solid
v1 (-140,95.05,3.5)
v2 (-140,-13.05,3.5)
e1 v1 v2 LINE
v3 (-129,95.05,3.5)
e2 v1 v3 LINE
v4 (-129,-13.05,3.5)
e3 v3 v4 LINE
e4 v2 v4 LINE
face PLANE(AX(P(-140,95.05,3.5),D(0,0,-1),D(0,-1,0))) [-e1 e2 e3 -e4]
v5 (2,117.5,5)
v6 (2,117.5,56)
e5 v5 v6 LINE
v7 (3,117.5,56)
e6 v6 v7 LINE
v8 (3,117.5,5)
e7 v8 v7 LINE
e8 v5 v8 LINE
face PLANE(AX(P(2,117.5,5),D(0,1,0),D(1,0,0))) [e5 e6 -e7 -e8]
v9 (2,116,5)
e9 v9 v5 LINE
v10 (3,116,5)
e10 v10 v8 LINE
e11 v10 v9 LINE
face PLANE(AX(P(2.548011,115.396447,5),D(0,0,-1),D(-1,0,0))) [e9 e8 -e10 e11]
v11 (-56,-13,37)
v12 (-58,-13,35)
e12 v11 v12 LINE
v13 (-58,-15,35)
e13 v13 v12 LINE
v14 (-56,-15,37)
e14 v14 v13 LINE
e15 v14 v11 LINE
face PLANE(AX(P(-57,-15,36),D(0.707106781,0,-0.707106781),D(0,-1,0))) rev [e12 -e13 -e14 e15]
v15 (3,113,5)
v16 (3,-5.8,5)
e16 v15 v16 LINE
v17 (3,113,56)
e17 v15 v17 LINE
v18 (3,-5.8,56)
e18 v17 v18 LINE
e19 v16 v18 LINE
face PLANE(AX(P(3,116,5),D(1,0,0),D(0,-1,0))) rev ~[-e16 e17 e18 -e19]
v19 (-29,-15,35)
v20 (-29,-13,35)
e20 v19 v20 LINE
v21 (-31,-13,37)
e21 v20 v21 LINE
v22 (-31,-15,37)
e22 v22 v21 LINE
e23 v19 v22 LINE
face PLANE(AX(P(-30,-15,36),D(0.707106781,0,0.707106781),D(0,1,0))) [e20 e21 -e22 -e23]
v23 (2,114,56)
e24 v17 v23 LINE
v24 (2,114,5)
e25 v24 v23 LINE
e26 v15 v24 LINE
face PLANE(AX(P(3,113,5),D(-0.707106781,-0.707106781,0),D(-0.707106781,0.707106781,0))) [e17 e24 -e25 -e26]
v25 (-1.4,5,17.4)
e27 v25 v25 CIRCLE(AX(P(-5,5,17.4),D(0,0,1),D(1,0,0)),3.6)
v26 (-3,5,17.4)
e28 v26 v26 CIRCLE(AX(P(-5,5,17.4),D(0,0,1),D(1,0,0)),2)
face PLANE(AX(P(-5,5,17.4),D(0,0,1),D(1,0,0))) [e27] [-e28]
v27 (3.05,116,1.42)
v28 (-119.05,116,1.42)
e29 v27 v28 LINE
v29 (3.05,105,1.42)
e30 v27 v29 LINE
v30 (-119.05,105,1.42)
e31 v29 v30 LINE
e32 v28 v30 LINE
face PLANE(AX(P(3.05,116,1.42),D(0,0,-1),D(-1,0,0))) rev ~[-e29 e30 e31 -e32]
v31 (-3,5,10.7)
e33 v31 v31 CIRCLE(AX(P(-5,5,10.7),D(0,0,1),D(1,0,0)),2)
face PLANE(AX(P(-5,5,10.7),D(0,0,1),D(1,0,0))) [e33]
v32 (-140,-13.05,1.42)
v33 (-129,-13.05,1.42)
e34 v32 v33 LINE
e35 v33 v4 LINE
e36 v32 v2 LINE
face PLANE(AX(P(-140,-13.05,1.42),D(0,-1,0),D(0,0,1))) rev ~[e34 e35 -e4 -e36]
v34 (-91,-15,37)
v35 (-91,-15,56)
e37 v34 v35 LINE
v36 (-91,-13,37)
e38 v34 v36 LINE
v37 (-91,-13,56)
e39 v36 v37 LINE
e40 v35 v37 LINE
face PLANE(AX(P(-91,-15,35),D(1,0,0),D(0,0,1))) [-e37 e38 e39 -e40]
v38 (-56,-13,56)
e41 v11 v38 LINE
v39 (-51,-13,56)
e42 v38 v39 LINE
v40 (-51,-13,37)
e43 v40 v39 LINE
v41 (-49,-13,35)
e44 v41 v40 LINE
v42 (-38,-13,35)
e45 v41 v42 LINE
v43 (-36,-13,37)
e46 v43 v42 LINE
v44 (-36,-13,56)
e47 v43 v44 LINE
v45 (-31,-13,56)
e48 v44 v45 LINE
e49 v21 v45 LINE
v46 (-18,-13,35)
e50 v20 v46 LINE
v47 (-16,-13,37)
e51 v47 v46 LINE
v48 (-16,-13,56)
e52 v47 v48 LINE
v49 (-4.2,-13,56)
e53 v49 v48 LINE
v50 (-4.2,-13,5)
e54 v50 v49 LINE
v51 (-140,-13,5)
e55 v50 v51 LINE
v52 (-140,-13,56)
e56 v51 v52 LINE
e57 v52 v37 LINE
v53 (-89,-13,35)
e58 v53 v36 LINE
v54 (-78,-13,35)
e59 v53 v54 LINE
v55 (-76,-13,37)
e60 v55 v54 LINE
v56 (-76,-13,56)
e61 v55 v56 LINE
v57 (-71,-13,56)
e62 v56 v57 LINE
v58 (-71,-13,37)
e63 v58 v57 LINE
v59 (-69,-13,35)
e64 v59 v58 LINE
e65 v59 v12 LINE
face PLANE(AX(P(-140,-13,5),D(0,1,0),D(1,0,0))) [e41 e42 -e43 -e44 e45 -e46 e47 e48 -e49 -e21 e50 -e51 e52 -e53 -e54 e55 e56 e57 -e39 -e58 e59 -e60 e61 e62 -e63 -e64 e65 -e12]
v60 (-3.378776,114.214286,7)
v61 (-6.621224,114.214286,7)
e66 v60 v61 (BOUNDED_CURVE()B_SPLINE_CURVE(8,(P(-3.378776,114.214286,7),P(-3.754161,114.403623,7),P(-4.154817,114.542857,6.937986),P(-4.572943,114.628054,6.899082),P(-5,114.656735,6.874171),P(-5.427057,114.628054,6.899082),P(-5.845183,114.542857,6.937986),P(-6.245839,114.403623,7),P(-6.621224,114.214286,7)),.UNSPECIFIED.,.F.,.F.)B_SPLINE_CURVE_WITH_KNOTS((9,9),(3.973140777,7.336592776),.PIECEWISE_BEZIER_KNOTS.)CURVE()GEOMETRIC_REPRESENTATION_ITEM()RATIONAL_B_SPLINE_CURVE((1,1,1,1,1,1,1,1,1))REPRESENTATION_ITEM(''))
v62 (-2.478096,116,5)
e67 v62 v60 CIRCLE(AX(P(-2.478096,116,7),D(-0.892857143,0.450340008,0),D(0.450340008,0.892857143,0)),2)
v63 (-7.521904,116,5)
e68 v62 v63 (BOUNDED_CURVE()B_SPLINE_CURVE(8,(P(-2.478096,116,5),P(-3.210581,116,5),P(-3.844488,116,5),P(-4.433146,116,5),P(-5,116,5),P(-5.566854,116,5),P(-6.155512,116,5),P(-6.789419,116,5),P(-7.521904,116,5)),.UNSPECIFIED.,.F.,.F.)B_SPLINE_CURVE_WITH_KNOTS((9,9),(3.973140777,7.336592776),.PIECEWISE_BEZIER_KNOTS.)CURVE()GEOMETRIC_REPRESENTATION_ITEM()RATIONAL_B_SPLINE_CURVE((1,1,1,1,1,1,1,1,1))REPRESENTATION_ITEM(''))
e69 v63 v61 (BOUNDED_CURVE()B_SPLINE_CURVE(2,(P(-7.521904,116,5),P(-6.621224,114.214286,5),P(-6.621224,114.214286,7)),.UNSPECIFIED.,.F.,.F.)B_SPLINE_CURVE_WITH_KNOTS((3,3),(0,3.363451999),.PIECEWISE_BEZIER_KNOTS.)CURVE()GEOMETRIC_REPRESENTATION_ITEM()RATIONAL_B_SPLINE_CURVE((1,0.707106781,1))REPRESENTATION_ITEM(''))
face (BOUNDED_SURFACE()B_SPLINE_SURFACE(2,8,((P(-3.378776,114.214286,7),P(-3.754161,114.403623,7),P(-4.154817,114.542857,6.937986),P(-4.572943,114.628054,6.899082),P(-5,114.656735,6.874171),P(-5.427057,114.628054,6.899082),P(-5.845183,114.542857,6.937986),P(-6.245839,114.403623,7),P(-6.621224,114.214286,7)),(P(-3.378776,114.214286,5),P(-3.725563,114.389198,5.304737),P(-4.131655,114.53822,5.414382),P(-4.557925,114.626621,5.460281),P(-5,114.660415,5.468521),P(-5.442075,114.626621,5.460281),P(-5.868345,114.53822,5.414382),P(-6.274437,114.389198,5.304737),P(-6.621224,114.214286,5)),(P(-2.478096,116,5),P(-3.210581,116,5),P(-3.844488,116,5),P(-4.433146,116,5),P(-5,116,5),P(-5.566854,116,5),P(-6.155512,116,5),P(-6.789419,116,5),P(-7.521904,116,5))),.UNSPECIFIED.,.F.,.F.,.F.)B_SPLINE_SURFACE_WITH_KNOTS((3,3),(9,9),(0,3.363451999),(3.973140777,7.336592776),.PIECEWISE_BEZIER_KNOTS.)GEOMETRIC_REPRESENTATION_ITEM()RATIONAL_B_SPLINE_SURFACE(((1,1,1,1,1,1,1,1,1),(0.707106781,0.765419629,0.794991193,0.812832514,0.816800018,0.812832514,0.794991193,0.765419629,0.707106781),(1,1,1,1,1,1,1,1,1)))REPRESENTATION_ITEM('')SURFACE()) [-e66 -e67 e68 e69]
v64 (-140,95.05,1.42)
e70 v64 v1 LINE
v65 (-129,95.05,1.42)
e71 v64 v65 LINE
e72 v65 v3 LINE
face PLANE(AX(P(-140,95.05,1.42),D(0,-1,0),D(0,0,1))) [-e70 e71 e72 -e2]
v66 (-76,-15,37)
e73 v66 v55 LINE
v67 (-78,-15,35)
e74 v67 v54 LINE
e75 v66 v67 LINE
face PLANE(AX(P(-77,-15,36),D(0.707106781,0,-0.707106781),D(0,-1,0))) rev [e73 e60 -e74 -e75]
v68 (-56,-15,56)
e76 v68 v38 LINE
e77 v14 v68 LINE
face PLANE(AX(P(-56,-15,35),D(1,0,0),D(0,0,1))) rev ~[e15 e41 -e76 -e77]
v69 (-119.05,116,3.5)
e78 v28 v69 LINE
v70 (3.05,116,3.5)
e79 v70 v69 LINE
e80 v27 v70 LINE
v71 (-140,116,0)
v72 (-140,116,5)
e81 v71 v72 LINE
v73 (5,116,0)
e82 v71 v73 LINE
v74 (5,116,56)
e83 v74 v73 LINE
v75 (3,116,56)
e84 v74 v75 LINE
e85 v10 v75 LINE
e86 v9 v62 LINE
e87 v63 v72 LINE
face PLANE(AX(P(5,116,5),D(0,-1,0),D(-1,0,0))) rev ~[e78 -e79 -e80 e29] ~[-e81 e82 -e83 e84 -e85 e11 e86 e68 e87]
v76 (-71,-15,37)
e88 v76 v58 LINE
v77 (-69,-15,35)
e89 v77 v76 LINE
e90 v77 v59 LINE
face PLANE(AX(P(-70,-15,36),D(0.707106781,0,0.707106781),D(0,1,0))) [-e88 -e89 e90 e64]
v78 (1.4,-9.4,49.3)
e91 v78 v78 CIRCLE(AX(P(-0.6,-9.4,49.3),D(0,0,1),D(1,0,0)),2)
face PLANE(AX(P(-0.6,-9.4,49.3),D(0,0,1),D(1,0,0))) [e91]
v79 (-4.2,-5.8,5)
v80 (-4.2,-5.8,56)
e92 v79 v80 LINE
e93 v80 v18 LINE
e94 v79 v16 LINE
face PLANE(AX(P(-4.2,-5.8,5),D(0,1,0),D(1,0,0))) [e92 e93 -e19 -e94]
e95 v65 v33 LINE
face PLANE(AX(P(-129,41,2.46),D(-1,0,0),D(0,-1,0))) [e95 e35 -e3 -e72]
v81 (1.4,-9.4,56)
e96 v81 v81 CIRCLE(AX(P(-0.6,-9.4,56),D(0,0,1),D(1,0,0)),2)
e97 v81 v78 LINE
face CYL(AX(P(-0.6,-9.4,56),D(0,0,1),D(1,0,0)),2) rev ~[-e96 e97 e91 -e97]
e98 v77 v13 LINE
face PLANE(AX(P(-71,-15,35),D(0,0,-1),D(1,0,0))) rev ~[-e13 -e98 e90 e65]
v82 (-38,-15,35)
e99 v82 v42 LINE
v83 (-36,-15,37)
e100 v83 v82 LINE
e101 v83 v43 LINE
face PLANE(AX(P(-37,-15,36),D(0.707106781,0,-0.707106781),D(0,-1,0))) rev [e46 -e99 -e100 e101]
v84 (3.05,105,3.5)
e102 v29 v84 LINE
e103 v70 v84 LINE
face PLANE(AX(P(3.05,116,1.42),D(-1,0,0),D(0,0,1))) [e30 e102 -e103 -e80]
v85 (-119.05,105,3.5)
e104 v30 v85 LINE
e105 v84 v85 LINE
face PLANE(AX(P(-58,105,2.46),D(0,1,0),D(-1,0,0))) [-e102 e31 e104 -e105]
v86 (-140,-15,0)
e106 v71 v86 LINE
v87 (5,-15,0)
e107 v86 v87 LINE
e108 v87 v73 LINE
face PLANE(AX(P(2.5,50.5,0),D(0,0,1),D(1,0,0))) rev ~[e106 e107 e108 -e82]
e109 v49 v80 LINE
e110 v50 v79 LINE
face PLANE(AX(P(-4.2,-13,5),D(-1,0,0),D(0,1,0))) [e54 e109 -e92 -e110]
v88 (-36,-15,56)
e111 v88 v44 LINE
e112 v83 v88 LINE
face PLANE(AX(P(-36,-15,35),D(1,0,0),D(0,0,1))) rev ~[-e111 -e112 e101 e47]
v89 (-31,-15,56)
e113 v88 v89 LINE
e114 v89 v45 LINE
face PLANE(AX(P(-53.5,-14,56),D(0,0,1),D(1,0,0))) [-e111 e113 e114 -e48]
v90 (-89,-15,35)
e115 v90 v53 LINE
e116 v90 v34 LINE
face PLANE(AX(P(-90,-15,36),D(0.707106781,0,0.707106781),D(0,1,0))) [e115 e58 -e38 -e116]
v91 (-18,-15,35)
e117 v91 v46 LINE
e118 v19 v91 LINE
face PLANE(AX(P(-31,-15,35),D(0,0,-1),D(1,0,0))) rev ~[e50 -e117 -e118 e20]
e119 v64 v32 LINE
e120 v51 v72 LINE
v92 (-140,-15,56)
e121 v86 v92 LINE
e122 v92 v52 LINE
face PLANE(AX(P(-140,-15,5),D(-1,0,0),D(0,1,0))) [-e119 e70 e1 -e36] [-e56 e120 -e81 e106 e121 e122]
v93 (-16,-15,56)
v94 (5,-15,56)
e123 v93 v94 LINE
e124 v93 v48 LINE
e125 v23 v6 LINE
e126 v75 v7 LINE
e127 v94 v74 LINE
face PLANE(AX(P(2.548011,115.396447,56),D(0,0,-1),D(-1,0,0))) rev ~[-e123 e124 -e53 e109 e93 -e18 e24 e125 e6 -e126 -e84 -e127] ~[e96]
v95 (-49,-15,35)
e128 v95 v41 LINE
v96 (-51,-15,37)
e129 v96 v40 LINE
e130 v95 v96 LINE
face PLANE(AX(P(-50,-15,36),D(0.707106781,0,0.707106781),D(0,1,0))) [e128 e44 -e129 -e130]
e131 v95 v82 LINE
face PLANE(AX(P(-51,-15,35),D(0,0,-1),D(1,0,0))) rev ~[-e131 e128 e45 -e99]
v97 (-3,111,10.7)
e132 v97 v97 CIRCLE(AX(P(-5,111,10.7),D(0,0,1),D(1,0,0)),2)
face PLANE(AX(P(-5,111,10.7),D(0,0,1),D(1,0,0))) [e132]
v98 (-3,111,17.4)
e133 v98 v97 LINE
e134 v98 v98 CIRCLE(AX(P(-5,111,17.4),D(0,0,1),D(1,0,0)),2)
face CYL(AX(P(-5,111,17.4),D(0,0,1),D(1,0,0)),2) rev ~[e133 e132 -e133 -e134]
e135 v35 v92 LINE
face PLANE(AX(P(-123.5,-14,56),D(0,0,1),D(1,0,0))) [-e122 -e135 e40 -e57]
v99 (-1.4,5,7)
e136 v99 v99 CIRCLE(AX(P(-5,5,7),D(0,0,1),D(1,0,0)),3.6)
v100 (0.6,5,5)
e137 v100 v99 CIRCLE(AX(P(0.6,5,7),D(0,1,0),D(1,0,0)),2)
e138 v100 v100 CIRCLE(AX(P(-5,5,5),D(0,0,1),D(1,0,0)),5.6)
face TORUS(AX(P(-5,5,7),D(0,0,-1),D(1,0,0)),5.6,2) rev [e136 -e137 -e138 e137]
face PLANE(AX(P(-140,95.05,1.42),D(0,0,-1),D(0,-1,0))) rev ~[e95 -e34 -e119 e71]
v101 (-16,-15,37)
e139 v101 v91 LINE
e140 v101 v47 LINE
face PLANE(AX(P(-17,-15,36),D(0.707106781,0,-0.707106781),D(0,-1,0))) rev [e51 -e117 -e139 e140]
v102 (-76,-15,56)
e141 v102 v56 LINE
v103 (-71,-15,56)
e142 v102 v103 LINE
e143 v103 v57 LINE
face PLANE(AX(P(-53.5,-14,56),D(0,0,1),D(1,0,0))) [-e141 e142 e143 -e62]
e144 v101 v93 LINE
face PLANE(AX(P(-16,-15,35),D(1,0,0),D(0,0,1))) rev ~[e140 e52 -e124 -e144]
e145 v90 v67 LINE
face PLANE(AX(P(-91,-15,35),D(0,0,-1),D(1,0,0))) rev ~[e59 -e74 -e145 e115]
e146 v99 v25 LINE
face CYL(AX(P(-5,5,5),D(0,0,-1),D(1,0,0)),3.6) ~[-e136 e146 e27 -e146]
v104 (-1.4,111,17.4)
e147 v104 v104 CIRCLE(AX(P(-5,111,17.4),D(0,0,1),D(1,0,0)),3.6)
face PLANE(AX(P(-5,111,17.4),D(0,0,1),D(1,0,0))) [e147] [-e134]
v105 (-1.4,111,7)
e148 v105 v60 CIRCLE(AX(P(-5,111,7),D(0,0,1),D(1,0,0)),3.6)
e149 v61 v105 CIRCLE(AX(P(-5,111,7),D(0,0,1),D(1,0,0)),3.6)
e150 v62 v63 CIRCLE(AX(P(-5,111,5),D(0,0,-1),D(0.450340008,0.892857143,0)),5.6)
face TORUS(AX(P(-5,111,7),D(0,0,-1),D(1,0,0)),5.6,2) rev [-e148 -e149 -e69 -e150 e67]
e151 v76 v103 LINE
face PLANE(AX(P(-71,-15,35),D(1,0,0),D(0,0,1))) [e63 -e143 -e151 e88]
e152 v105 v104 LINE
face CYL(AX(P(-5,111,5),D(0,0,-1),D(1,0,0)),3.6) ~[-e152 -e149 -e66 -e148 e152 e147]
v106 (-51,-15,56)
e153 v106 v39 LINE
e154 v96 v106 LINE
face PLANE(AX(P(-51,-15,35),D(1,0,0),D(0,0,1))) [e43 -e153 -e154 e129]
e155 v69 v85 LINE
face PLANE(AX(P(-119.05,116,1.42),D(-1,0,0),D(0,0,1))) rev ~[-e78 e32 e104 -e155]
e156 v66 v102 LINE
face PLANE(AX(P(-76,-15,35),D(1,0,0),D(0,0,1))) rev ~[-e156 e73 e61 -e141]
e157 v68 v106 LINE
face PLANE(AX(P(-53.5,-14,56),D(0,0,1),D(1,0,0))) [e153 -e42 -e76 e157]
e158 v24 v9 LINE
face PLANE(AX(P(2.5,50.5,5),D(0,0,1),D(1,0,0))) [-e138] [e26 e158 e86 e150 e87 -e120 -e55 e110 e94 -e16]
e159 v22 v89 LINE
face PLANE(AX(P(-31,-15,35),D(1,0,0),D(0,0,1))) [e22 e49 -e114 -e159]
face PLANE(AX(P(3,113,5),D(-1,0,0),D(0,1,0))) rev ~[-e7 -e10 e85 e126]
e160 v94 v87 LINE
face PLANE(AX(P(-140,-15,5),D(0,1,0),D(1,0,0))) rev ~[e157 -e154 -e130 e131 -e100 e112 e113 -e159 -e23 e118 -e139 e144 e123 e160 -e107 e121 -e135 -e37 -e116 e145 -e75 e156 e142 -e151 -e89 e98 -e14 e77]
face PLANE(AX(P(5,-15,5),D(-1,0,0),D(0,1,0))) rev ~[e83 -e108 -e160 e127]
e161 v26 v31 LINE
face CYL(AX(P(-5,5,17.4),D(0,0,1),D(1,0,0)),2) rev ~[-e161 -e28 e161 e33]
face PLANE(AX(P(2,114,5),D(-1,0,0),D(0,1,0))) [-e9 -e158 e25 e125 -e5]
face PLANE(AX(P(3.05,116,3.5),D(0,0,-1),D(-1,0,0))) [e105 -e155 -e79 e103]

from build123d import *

# Parameters (mm, degrees)
SKETCH_1_W      = 140
SKETCH_1_H      = 116
PAD_DEPTH       = 5
SKETCH_W        = 140
SKETCH_H        = 15
PAD001_DEPTH    = 5
SKETCH001_W     = 107
SKETCH001_H     = 2
PAD002_DEPTH    = 51
SKETCH002_W     = 15
SKETCH002_H     = 41
POCKET_DEPTH    = 2
SKETCH003_W     = 5
SKETCH003_H     = 131
PAD003_DEPTH    = 5
PAD004_DEPTH    = 51
SKETCH005_W     = 33
SKETCH005_H     = 2
PAD005_DEPTH    = 51
SKETCH006_R     = 3.6
PAD006_DEPTH    = 12.4
SKETCH007_R     = 2
POCKET001_DEPTH = 6.7
SKETCH008_W     = 122.1
SKETCH008_H     = 2.08
POCKET002_DEPTH = 11
SKETCH009_W     = 108.1
SKETCH009_H     = 2.08
POCKET003_DEPTH = 11
SKETCH010_W     = 7.2
SKETCH010_H     = 7.2
PAD007_DEPTH    = 51
SKETCH011_R     = 2
POCKET004_DEPTH = 6.7
PAD008_DEPTH    = 51
FILLET_R        = 2
CHAMFER_SIZE    = 2


with BuildPart() as part:
    # Sketch_1 → Pad (new body)
    with BuildSketch(Plane.XY):
        with Locations((-70, 58)):
            Rectangle(SKETCH_1_W, SKETCH_1_H)
    extrude(amount=PAD_DEPTH)

    # Sketch → Pad001 (join)
    with BuildSketch(Plane.XY):
        with Locations((-70, -7.5)):
            Rectangle(SKETCH_W, SKETCH_H)
    extrude(amount=PAD001_DEPTH)

    # Sketch001 (on Face8 of Pad001) → Pad002 (join)
    with BuildSketch(Plane.XY.offset(5)):
        with Locations((-53.5, -14)):
            Rectangle(SKETCH001_W, SKETCH001_H)
    extrude(amount=PAD002_DEPTH)

    # Sketch002 (on Face11 of Pad002) → Pocket (cut)
    with BuildSketch(Plane.XZ.offset(15)):
        with Locations((-23.5, 55.5)):
            Rectangle(SKETCH002_W, SKETCH002_H)
        with Locations((-43.5, 55.5)):
            Rectangle(SKETCH002_W, SKETCH002_H)
        with Locations((-63.5, 55.5)):
            Rectangle(SKETCH002_W, SKETCH002_H)
        with Locations((-83.5, 55.5)):
            Rectangle(SKETCH002_W, SKETCH002_H)
    extrude(amount=-POCKET_DEPTH, mode=Mode.SUBTRACT)

    # Sketch003 → Pad003 (join)
    with BuildSketch(Plane.XY):
        with Locations((2.5, 50.5)):
            Rectangle(SKETCH003_W, SKETCH003_H)
    extrude(amount=PAD003_DEPTH)

    # Sketch004 (on Face11 of Pad003) → Pad004 (join)
    with BuildSketch(Plane.XY.offset(5)):
        Polygon((5, 116), (3, 116), (3, -13), (0, -13), (0, -15), (5, -15), align=None)
    extrude(amount=PAD004_DEPTH)

    # Sketch005 (on Face8 of Pad004) → Pad005 (join)
    with BuildSketch(Plane.XY.offset(5)):
        with Locations((-123.5, -14)):
            Rectangle(SKETCH005_W, SKETCH005_H)
    extrude(amount=PAD005_DEPTH)

    # Sketch006 (on Face5 of Pad005) → Pad006 (join)
    with BuildSketch(Plane.XY.offset(5)):
        with Locations((-5, 5)):
            Circle(SKETCH006_R)
        with Locations((-5, 111)):
            Circle(SKETCH006_R)
    extrude(amount=PAD006_DEPTH)

    # Sketch007 (on Face25 of Pad006) → Pocket001 (cut)
    with BuildSketch(Plane.XY.offset(17.4)):
        with Locations((-5, 5)):
            Circle(SKETCH007_R)
        with Locations((-5, 111)):
            Circle(SKETCH007_R)
    extrude(amount=-POCKET001_DEPTH, mode=Mode.SUBTRACT)

    # Sketch008 (on Face3 of Pocket001) → Pocket002 (cut)
    with BuildSketch(Plane(origin=(0, 116, 0), x_dir=(-1, 0, 0), z_dir=(0, 1, 0))):
        with Locations((58, 2.46)):
            Rectangle(SKETCH008_W, SKETCH008_H)
    extrude(amount=-POCKET002_DEPTH, mode=Mode.SUBTRACT)

    # Sketch009 (on Face1 of Pocket002) → Pocket003 (cut)
    with BuildSketch(Plane(origin=(-140, 0, 0), x_dir=(0, -1, 0), z_dir=(-1, 0, 0))):
        with Locations((-41, 2.46)):
            Rectangle(SKETCH009_W, SKETCH009_H)
    extrude(amount=-POCKET003_DEPTH, mode=Mode.SUBTRACT)

    # Sketch010 (on Face16 of Pocket003) → Pad007 (join)
    with BuildSketch(Plane.XY.offset(5)):
        with Locations((-0.6, -9.4)):
            Rectangle(SKETCH010_W, SKETCH010_H)
    extrude(amount=PAD007_DEPTH)

    # Sketch011 (on Face41 of Pad007) → Pocket004 (cut)
    with BuildSketch(Plane.XY.offset(56)):
        with Locations((-0.6, -9.4)):
            Circle(SKETCH011_R)
    extrude(amount=-POCKET004_DEPTH, mode=Mode.SUBTRACT)

    # Sketch012 (on Face16 of Pocket004) → Pad008 (join)
    with BuildSketch(Plane.XY.offset(5)):
        Polygon((3, 116), (3, 114), (3, 113), (2, 114), (2, 117.5), (3, 117.5), align=None)
    extrude(amount=PAD008_DEPTH)

    # Fillet
    fillet_edges = [part.edges().sort_by_distance(p)[0] for p in [
        (-8.6, 5, 5),
        (-8.6, 111, 5),
    ]]
    fillet(fillet_edges, radius=FILLET_R)

    # Chamfer
    chamfer_edges = [part.edges().sort_by_distance(p)[0] for p in [
        (-91, -14, 35),
        (-71, -14, 35),
        (-76, -14, 35),
        (-56, -14, 35),
        (-51, -14, 35),
        (-36, -14, 35),
        (-31, -14, 35),
        (-16, -14, 35),
    ]]
    chamfer(chamfer_edges, length=CHAMFER_SIZE)


solid = part.part
